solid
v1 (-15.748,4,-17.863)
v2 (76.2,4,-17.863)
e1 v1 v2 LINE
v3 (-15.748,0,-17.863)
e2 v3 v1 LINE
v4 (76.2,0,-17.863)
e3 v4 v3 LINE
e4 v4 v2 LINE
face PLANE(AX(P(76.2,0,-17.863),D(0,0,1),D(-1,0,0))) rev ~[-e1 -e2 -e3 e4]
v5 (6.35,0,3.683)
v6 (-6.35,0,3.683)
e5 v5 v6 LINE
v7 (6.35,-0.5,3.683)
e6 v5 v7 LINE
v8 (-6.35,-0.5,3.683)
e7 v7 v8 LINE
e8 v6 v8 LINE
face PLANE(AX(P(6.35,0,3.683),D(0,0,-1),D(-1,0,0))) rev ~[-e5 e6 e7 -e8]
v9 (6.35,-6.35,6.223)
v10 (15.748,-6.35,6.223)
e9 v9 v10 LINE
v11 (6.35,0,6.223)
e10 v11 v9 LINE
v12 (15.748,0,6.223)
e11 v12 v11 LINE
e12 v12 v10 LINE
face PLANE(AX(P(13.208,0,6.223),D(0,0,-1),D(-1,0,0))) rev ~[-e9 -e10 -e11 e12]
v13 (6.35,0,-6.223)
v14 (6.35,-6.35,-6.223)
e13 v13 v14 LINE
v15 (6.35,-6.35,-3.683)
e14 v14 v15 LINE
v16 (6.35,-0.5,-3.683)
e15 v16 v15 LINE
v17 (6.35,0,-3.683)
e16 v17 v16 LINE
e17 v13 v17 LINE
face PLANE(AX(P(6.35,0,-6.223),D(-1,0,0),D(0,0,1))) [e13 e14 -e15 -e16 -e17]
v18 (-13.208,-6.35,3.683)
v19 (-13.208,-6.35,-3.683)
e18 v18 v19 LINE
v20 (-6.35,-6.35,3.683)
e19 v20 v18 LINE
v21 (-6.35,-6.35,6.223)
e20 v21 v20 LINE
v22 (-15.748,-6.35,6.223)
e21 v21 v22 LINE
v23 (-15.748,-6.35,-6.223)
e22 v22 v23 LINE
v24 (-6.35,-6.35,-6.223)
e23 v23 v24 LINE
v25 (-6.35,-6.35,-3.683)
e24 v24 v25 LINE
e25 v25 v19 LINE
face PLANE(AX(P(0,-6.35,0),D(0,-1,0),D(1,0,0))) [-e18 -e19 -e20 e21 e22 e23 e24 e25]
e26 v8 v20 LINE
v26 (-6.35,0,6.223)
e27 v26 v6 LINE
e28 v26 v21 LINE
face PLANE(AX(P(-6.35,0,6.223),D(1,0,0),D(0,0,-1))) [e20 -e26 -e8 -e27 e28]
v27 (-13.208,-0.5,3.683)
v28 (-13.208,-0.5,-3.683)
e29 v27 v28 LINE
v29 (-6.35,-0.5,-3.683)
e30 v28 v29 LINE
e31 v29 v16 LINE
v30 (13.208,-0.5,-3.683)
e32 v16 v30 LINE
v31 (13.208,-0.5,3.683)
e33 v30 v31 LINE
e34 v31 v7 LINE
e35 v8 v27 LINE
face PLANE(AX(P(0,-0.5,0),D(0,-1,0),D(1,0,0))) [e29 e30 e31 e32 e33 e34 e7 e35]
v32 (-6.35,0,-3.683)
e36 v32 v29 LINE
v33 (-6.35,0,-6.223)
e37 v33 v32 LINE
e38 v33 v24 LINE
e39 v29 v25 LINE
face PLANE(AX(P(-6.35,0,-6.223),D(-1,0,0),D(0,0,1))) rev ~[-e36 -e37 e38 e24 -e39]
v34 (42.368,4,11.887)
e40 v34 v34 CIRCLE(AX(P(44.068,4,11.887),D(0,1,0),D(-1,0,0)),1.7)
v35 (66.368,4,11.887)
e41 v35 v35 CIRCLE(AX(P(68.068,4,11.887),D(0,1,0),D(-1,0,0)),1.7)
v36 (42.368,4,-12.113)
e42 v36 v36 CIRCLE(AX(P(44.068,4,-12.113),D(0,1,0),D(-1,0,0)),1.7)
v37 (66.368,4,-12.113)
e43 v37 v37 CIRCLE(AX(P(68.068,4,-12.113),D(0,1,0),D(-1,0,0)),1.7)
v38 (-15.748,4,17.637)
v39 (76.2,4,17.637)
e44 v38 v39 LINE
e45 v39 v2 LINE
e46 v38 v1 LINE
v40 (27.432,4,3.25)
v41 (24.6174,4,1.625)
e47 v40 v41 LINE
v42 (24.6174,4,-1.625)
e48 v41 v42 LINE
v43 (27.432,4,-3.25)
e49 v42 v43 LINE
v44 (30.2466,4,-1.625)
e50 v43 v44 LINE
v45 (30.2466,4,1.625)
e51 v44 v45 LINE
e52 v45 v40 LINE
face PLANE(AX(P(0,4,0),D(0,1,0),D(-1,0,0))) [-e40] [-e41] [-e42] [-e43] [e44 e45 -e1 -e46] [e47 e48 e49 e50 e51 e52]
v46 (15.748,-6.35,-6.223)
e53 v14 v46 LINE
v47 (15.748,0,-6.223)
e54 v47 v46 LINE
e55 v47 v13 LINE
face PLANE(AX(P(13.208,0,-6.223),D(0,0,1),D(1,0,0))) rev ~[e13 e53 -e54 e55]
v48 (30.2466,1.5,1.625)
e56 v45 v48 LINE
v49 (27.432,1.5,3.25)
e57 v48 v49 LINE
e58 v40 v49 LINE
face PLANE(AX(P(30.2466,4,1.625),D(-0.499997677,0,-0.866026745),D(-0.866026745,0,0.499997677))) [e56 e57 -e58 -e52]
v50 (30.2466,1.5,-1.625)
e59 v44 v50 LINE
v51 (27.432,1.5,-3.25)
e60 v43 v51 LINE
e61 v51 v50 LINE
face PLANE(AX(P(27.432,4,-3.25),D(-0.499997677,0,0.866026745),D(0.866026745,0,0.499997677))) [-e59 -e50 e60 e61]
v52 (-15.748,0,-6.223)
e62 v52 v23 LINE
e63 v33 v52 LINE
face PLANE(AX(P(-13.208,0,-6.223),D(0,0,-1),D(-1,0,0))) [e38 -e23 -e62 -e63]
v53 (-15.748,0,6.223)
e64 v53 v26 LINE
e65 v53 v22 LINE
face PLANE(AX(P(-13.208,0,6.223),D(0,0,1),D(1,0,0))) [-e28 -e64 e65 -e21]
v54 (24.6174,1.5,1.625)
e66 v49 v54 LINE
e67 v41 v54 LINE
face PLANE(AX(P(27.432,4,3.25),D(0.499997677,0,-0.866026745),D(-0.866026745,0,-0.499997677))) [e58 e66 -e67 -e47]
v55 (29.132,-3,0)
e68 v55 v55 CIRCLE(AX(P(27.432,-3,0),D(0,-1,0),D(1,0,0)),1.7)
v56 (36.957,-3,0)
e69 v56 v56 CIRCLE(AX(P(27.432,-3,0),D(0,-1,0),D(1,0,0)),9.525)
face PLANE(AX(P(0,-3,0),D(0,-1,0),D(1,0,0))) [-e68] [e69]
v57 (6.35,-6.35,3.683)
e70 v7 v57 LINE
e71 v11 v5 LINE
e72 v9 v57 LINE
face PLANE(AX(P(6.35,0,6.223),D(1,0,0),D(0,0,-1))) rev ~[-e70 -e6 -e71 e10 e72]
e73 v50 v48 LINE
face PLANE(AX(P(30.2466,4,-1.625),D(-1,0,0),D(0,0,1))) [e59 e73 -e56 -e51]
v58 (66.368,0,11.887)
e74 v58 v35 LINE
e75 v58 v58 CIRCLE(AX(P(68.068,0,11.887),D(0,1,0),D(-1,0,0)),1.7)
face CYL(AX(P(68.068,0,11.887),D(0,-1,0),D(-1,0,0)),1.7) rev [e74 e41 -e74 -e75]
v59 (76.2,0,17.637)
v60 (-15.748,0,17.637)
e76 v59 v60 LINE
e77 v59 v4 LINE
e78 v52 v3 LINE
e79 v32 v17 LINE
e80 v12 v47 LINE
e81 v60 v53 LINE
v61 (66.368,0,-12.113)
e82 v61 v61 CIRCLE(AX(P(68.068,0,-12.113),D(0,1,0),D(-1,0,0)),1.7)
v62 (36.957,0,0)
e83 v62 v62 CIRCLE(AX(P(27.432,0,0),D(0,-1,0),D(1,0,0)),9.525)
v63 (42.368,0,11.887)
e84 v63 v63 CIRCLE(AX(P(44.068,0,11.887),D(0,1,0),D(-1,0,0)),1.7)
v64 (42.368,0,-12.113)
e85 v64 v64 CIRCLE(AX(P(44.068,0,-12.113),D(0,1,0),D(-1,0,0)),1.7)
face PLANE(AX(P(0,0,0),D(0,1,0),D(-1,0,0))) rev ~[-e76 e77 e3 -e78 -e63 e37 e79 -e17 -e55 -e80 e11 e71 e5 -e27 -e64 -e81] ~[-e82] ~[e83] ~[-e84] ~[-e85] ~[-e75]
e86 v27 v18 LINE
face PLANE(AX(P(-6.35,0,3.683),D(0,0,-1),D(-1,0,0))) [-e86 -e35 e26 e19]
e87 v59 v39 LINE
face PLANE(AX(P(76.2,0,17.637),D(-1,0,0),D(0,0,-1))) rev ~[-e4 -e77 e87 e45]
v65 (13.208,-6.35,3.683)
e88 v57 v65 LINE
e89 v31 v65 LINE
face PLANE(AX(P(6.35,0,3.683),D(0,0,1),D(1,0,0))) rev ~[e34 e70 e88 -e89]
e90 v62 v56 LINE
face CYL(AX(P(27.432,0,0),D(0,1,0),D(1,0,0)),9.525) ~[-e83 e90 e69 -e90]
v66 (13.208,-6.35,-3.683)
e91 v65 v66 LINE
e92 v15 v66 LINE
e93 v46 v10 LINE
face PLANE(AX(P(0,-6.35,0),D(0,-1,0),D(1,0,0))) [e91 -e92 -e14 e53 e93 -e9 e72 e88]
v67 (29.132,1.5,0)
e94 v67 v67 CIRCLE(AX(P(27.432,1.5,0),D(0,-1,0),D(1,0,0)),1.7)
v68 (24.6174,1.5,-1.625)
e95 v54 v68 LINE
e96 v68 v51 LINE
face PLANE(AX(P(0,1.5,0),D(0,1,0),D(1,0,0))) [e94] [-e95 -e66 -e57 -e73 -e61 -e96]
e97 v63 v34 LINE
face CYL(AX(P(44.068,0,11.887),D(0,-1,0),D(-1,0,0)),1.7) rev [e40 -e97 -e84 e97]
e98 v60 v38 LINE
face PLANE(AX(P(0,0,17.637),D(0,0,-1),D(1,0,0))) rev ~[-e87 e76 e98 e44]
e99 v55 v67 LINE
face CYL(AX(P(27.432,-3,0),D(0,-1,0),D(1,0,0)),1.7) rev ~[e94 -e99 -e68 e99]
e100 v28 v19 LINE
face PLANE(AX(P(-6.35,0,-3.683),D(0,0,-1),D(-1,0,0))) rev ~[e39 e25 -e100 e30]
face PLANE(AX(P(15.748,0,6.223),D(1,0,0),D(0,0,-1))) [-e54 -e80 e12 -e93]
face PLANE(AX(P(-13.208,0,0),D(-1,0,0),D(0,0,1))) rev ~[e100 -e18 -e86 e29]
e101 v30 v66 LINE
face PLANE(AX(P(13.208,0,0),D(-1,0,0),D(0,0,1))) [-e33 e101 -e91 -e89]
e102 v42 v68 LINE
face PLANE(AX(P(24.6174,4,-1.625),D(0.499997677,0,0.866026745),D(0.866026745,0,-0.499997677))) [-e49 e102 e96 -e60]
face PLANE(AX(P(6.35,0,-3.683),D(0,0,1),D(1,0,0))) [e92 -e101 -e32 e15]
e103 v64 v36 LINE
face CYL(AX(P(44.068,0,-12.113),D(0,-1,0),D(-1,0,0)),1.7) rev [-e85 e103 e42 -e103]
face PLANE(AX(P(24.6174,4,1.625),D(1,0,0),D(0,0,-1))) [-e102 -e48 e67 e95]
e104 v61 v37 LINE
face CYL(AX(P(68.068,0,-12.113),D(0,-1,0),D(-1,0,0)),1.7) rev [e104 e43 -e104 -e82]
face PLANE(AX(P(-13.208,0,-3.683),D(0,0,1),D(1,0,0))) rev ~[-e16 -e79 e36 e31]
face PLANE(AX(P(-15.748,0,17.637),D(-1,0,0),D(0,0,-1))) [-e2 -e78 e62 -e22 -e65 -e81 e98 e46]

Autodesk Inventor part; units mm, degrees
ref_plane "YZ Plane" through (0, 0, 0) normal (1, 0, 0) x (0, 1, 0)
ref_plane "XZ Plane" through (0, 0, 0) normal (0, 1, 0) x (-1, 0, 0)
ref_plane "XY Plane" through (0, 0, 0) normal (0, 0, 1) x (1, 0, 0)
sketch "Sketch1" plane through (0, 0, 0) normal (0, 1, 0) x (-1, 0, 0)
  line L0 (0, 17.637) -> (-76.2, 17.637)
  line L1 (-76.2, 17.637) -> (-76.2, -17.863)
  line L2 (-76.2, -17.863) -> (0, -17.863)
  line L3 (0, -17.863) -> (0, 17.637)
  line L4 (0, 17.637) -> (15.748, 17.637)
  line L5 (15.748, 17.637) -> (15.748, -17.863)
  line L6 (15.748, -17.863) -> (0, -17.863)
  line L7 (0, -17.863) -> (0, 17.637)
  circle A0 centre (-44.068, -12.113) radius 1.7
  circle A1 centre (-68.068, -12.113) radius 1.7
  circle A2 centre (-44.068, 11.887) radius 1.7
  circle A3 centre (-68.068, 11.887) radius 1.7
  point P0 (0, 0)
  dimension "d0" = 76.2
  dimension "d1" = 35.5
  dimension "d2" = 17.637
  dimension "d3" = 15.748
  dimension "d45" = 3.4
  dimension "d47" = 5.75
  dimension "d50" = 24
  dimension "d53" = 24
  dimension "d58" = 44.068
extrude "Extrusion1" add sketch "Sketch1" along normal blind 4
sketch "Sketch4" plane through (0, 0, 0) normal (0, -1, 0) x (1, 0, 0)
  line L0 (-12.7, 3.175) -> (12.7, 3.175) construction
  line L1 (12.7, 3.175) -> (12.7, -3.175) construction
  line L2 (12.7, -3.175) -> (-12.7, -3.175) construction
  line L3 (-12.7, -3.175) -> (-12.7, 3.175) construction
  line L4 (-6.35, 3.175) -> (-6.35, -3.175) construction
  line L5 (6.35, 3.175) -> (6.35, -3.175) construction
  line L6 (-6.35, 3.683) -> (-13.208, 3.683)
  line L7 (-13.208, 3.683) -> (-13.208, 6.223)
  line L8 (-13.208, 6.223) -> (-6.35, 6.223)
  line L9 (-6.35, 6.223) -> (-6.35, 3.683)
  line L10 (-13.208, 6.223) -> (-15.748, 6.223)
  line L11 (-15.748, 6.223) -> (-15.748, 0)
  line L12 (-15.748, 0) -> (-13.208, 0)
  line L13 (-13.208, 0) -> (-13.208, 6.223)
  line L14 (-12.7, 0) -> (12.7, 0) construction
  line L15 (0, 3.175) -> (0, -3.175) construction
  line L16 (-6.35, -3.683) -> (-13.208, -3.683)
  line L17 (-13.208, -6.223) -> (-6.35, -6.223)
  line L18 (-6.35, -6.223) -> (-6.35, -3.683)
  line L19 (-13.208, -6.223) -> (-15.748, -6.223)
  line L20 (-15.748, -6.223) -> (-15.748, 0)
  line L21 (-13.208, 0) -> (-13.208, -6.223)
  line L22 (6.35, 3.683) -> (13.208, 3.683)
  line L23 (13.208, 3.683) -> (13.208, 6.223)
  line L24 (13.208, 6.223) -> (6.35, 6.223)
  line L25 (6.35, 6.223) -> (6.35, 3.683)
  line L26 (13.208, 6.223) -> (15.748, 6.223)
  line L27 (15.748, 6.223) -> (15.748, 0)
  line L28 (15.748, 0) -> (13.208, 0)
  line L29 (13.208, 0) -> (13.208, 6.223)
  line L30 (6.35, -6.223) -> (6.35, -3.683)
  line L31 (6.35, -3.683) -> (13.208, -3.683)
  line L32 (13.208, -6.223) -> (6.35, -6.223)
  line L33 (13.208, 0) -> (13.208, -6.223)
  line L34 (15.748, -6.223) -> (15.748, 0)
  line L35 (13.208, -6.223) -> (15.748, -6.223)
  point P0 (0, 0)
  dimension "d20" = 25.4
  dimension "d21" = 6.35
  dimension "d22" = 3.175
  dimension "d23" = 12.7
  dimension "d24" = 6.35
  dimension "d25" = 6.35
  dimension "d26" = 6.858
  dimension "d27" = 2.54
  dimension "d28" = 0.508
  dimension "d29" = 2.54
  dimension "d30" = 6.223
extrude "Extrusion5" add sketch "Sketch4" along normal blind 6.35
sketch "Sketch6" plane through (0, 0, 0) normal (0, -1, 0) x (1, 0, 0)
  circle A0 centre (27.432, 0) radius 9.525
  line L0 (0, 24.737) -> (0, -24.963) projected
  point P0 (0, 0)
  dimension "d35" = 19.05
  dimension "d36" = 27.432
extrude "Extrusion7" add sketch "Sketch6" along normal blind 3
sketch "Sketch7" plane through (27.432, -3, 0) normal (0, -1, 0) x (1, 0, 0)
  circle A0 centre (0, 0) radius 1.7
  point P0 (-27.432, 0)
  dimension "d39" = 3.4
extrude "Extrusion8" cut sketch "Sketch7" against normal through all
sketch "Sketch8" plane through (0, 0, 0) normal (0, -1, 0) x (1, 0, 0)
  circle A0 centre (27.432, 0) radius 1.7 construction
  line L0 (27.432, 0) -> (15.875, -6.35) construction
  line L1 (27.432, 0) -> (15.875, 0) construction
  line L2 (6.35, -6.223) -> (6.35, -3.683) construction
  line L3 (27.432, 0) -> (6.35, -6.223) construction
  line L4 (27.432, 0) -> (6.35, 3.6065) construction
  point P0 (0, 0)
sketch "Sketch9" plane through (0, 4, 0) normal (0, 1, 0) x (1, 0, 0)
  circle A0 centre (27.432, 0) radius 1.7 construction
  circle A1 centre (27.432, 0) radius 3.25 construction
  line L0 (27.432, 3.25) -> (30.2466, 1.625)
  line L1 (30.2466, 1.625) -> (30.2466, -1.625)
  line L2 (30.2466, -1.625) -> (27.432, -3.25)
  line L3 (27.432, -3.25) -> (24.6174, -1.625)
  line L4 (24.6174, -1.625) -> (24.6174, 1.625)
  line L5 (24.6174, 1.625) -> (27.432, 3.25)
  point P0 (0, 0)
  dimension "d42" = 6.5
extrude "Extrusion9" cut sketch "Sketch9" against normal blind 2.5
sketch "Sketch10" plane through (0, 0, 0) normal (0, -1, 0) x (1, 0, 0)
  line L0 (-13.208, 3.683) -> (-13.208, -3.683) projected
  line L1 (13.208, 3.683) -> (6.35, 3.683) projected
  line L2 (-13.208, -3.683) -> (13.208, -3.683)
  line L3 (13.208, -3.683) -> (13.208, 3.683)
  line L4 (13.208, 3.683) -> (-13.208, 3.683)
  line L5 (-13.208, 3.683) -> (-13.208, -3.683)
  point P0 (0, 0)
extrude "Extrusion10" add sketch "Sketch10" along normal blind 0.5
equation "\"d22\" = 0.5 * d21"
equation "\"d23\" = 0.5 * d20"
properties part number "capstone hook mount"
